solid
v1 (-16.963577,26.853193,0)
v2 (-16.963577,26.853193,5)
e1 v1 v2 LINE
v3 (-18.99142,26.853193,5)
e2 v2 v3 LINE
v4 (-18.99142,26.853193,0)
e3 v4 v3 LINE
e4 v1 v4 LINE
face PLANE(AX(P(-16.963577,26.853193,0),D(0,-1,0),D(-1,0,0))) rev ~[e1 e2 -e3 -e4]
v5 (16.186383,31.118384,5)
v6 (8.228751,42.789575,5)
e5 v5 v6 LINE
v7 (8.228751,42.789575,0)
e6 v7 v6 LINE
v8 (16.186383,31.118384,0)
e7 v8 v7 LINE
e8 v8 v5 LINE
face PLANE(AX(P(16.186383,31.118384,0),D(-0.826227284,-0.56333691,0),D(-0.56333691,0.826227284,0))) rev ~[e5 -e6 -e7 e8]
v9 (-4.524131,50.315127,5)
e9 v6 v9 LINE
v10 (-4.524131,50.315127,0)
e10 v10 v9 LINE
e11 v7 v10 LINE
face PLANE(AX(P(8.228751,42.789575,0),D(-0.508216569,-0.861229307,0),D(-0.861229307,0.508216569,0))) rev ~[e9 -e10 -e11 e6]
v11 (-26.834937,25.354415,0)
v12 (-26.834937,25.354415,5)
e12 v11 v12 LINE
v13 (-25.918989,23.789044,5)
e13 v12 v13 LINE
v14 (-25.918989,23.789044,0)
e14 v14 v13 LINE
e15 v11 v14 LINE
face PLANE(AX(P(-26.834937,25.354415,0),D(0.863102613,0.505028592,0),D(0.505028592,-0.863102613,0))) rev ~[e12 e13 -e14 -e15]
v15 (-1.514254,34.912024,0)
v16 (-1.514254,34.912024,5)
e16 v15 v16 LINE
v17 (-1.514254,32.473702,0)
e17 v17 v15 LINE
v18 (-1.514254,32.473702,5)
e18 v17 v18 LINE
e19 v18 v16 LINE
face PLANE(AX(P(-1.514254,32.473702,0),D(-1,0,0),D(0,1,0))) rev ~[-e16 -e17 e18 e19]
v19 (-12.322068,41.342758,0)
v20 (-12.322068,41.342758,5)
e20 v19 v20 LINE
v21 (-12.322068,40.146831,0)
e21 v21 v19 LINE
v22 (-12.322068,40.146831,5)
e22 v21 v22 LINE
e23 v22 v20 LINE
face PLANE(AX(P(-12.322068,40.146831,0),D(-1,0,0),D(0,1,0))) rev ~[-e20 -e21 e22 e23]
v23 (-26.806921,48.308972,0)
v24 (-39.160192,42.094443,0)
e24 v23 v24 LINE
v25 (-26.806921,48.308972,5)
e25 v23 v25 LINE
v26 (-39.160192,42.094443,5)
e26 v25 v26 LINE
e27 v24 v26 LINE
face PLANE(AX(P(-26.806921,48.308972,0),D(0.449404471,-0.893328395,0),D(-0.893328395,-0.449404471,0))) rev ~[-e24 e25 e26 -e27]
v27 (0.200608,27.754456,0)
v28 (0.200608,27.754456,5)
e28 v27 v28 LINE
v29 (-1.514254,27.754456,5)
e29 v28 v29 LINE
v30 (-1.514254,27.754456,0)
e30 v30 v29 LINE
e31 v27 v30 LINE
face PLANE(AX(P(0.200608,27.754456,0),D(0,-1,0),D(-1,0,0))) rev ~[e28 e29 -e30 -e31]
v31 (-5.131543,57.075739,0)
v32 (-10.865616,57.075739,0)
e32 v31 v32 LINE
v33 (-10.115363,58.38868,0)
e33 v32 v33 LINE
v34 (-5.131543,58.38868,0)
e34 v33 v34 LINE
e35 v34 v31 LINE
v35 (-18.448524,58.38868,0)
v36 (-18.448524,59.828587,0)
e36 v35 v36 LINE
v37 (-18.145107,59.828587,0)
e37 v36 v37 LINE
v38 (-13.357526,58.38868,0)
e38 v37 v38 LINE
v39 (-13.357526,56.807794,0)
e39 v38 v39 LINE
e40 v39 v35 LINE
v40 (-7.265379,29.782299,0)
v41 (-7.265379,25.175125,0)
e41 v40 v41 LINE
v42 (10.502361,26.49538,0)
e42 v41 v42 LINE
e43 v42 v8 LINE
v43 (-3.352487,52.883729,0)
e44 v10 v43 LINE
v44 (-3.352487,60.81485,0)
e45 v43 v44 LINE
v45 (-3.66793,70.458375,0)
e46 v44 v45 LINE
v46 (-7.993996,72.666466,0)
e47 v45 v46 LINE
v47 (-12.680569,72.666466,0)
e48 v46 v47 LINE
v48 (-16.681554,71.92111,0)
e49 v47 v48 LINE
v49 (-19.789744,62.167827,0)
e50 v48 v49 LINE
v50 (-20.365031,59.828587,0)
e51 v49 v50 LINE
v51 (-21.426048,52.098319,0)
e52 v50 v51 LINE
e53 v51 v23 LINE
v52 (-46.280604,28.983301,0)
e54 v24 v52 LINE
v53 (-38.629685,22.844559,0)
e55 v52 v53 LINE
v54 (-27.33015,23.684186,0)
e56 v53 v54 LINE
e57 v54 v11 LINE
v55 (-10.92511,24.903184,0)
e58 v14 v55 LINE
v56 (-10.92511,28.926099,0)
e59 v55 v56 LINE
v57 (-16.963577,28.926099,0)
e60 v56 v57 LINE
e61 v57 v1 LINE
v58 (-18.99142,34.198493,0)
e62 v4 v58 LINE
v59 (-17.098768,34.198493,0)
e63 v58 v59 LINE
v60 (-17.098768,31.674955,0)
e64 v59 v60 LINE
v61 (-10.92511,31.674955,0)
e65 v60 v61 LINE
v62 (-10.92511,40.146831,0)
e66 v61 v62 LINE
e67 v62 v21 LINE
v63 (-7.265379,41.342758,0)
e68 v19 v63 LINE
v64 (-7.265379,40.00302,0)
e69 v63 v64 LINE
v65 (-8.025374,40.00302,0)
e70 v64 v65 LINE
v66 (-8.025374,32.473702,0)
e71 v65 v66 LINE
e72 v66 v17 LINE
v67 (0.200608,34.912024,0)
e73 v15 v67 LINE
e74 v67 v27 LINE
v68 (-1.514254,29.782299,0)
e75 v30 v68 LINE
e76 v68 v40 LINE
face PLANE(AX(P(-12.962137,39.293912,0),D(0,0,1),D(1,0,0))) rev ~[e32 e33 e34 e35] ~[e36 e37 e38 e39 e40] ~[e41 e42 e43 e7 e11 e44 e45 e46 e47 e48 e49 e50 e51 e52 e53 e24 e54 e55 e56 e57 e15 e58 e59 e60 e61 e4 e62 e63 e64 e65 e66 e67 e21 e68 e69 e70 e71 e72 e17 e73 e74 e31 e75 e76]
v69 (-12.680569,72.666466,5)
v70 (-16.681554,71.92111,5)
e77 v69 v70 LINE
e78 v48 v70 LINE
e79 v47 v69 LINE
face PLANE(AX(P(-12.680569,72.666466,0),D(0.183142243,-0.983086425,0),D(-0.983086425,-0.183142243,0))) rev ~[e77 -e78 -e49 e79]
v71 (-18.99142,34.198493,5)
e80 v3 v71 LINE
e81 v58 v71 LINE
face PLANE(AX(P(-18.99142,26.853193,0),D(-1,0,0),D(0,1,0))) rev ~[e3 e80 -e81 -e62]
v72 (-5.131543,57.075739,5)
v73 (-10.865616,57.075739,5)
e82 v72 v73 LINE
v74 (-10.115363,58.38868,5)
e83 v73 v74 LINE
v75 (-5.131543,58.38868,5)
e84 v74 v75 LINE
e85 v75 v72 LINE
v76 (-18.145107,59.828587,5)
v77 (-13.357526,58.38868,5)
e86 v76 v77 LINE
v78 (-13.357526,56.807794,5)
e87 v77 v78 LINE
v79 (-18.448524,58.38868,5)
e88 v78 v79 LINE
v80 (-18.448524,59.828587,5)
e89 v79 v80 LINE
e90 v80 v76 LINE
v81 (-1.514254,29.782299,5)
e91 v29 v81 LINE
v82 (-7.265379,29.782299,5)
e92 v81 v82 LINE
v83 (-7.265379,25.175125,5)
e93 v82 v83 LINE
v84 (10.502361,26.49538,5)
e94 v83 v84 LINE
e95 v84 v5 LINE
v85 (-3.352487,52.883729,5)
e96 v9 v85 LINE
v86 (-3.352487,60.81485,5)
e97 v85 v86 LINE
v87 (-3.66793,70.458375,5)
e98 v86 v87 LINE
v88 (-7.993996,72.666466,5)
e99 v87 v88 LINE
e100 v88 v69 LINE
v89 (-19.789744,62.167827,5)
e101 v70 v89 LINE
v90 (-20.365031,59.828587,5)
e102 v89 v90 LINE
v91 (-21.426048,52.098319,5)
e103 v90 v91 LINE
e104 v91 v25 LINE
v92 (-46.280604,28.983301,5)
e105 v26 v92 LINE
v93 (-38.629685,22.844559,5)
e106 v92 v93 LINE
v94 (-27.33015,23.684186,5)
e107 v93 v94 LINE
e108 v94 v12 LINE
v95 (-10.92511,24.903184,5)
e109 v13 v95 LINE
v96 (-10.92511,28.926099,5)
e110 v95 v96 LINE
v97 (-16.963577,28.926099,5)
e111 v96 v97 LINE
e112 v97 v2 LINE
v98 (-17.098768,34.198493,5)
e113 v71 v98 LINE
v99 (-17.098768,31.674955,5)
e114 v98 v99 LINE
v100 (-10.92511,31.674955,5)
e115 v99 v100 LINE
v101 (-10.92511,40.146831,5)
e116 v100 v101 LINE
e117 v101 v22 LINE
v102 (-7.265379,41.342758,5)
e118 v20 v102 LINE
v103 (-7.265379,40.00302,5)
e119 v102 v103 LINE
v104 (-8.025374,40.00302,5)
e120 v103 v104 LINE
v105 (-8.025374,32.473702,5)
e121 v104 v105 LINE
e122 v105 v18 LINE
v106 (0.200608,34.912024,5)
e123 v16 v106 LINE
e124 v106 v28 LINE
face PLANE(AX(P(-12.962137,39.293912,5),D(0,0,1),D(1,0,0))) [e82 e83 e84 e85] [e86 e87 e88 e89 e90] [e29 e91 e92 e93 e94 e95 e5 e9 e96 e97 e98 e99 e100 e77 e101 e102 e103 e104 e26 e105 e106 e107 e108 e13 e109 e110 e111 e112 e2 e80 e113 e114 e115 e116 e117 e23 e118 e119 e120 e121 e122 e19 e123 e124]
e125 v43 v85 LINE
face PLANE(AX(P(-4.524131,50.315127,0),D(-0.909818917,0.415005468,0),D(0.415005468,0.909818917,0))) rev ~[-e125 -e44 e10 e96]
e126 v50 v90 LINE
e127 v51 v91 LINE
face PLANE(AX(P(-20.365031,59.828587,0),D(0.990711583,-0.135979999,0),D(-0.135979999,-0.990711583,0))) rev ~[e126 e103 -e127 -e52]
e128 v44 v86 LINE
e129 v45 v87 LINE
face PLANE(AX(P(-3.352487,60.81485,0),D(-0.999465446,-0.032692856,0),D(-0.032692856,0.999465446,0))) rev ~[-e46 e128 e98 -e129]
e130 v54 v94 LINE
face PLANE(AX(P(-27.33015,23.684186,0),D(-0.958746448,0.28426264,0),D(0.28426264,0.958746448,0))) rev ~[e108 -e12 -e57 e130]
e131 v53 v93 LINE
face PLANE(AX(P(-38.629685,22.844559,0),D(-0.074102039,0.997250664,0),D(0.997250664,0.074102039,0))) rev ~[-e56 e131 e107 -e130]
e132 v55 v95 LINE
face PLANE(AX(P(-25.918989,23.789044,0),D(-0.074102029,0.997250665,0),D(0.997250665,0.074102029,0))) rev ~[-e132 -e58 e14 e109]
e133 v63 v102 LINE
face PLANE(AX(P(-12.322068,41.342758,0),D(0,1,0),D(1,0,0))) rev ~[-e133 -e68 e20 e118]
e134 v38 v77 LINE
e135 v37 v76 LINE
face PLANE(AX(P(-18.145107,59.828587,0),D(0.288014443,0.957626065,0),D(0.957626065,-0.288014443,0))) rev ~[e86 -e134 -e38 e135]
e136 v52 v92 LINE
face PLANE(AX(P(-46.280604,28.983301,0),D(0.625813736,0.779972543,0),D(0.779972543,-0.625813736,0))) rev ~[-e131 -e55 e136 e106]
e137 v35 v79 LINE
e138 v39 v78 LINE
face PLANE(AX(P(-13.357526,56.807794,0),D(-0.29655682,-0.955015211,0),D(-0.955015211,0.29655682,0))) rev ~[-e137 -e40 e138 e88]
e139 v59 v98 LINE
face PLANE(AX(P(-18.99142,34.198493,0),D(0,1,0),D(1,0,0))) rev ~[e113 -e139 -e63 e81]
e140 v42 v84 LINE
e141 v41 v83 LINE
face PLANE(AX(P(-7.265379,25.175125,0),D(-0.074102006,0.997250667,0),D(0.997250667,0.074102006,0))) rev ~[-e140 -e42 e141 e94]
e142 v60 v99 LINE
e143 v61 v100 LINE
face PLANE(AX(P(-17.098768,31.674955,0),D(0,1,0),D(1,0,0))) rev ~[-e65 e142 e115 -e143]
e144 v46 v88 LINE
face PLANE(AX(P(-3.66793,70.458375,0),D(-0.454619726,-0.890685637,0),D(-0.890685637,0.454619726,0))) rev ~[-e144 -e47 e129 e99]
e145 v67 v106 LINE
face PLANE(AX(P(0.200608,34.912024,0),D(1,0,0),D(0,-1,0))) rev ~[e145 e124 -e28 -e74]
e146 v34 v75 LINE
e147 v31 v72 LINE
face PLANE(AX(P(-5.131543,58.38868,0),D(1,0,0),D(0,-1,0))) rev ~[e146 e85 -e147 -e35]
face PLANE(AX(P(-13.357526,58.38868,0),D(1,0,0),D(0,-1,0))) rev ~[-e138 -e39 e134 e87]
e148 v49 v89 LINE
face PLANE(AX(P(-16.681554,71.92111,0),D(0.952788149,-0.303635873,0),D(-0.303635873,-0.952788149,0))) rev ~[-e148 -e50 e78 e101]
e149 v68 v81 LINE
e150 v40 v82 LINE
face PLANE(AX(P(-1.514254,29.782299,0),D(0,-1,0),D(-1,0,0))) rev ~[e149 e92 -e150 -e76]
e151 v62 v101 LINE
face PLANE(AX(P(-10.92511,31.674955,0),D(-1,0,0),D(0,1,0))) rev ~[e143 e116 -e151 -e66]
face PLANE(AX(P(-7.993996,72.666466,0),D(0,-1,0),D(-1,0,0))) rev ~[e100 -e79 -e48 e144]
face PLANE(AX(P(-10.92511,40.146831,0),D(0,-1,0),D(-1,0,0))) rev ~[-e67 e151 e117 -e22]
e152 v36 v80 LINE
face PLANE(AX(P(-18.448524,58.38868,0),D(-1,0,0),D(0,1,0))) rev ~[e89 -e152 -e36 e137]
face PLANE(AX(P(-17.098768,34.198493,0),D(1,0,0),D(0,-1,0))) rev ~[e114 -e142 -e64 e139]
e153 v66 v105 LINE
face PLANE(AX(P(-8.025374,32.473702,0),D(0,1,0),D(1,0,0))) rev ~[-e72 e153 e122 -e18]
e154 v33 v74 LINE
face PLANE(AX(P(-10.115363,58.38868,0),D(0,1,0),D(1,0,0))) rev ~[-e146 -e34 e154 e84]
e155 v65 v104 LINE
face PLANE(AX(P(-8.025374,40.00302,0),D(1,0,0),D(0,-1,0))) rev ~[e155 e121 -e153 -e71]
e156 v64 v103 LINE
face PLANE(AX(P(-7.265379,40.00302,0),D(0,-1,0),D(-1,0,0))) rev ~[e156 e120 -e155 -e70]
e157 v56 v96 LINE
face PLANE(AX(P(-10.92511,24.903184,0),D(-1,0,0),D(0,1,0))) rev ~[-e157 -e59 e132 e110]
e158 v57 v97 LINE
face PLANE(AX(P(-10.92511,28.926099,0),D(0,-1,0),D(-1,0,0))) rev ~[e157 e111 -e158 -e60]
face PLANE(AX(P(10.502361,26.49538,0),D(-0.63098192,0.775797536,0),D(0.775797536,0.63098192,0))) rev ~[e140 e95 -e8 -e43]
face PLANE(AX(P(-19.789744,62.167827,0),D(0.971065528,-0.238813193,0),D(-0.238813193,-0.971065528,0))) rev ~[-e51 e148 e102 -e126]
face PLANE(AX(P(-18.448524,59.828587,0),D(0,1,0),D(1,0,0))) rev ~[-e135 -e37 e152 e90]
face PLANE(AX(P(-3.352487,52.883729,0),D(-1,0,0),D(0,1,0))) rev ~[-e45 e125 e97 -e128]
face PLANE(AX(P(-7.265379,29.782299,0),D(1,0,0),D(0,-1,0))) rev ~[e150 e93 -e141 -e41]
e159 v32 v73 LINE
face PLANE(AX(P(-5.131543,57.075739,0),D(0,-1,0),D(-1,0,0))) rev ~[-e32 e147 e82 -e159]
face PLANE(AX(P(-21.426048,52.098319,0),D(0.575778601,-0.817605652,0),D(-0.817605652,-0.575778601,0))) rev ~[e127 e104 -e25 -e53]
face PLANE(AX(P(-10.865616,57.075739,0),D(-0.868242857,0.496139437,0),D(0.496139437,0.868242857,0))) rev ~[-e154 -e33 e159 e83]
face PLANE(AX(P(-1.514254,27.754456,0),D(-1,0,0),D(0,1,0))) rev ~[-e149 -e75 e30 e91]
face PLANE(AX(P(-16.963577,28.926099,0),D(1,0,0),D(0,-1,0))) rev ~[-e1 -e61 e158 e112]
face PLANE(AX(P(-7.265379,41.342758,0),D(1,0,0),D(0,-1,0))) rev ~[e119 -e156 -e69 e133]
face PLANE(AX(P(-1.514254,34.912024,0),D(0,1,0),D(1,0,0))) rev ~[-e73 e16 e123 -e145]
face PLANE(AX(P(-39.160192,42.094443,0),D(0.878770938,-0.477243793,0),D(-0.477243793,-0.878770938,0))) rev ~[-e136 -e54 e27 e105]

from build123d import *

# Parameters (mm, degrees)
F1_DEPTH = 5


with BuildPart() as f1:
    # F0 (on Top) → F1 (new body)
    with BuildSketch(Plane.XY):
        Polygon((-46.280604, 28.983301), (-38.629685, 22.844559), (-27.33015, 23.684186), (-26.834937, 25.354415), (-25.918989, 23.789044), (-10.92511, 24.903184), (-10.92511, 28.926099), (-16.963577, 28.926099), (-16.963577, 26.853193), (-18.99142, 26.853193), (-18.99142, 34.198493), (-17.098768, 34.198493), (-17.098768, 31.674955), (-10.92511, 31.674955), (-10.92511, 40.146831), (-12.322068, 40.146831), (-12.322068, 41.342758), (-7.265379, 41.342758), (-7.265379, 40.00302), (-8.025374, 40.00302), (-8.025374, 32.473702), (-1.514254, 32.473702), (-1.514254, 34.912024), (0.200608, 34.912024), (0.200608, 27.754456), (-1.514254, 27.754456), (-1.514254, 29.782299), (-7.265379, 29.782299), (-7.265379, 25.175125), (10.502361, 26.49538), (16.186383, 31.118384), (8.228751, 42.789575), (-4.524131, 50.315127), (-3.352487, 52.883729), (-3.352487, 60.81485), (-3.66793, 70.458375), (-7.993996, 72.666466), (-12.680569, 72.666466), (-16.681554, 71.92111), (-19.789744, 62.167827), (-20.365031, 59.828587), (-21.426048, 52.098319), (-26.806921, 48.308972), (-39.160192, 42.094443), align=None)
        Polygon((-18.448524, 59.828587), (-18.145107, 59.828587), (-13.357526, 58.38868), (-13.357526, 56.807794), (-18.448524, 58.38868), align=None, mode=Mode.SUBTRACT)
        Polygon((-5.131543, 57.075739), (-10.865616, 57.075739), (-10.115363, 58.38868), (-5.131543, 58.38868), align=None, mode=Mode.SUBTRACT)
    extrude(amount=F1_DEPTH)


solid = f1.part
